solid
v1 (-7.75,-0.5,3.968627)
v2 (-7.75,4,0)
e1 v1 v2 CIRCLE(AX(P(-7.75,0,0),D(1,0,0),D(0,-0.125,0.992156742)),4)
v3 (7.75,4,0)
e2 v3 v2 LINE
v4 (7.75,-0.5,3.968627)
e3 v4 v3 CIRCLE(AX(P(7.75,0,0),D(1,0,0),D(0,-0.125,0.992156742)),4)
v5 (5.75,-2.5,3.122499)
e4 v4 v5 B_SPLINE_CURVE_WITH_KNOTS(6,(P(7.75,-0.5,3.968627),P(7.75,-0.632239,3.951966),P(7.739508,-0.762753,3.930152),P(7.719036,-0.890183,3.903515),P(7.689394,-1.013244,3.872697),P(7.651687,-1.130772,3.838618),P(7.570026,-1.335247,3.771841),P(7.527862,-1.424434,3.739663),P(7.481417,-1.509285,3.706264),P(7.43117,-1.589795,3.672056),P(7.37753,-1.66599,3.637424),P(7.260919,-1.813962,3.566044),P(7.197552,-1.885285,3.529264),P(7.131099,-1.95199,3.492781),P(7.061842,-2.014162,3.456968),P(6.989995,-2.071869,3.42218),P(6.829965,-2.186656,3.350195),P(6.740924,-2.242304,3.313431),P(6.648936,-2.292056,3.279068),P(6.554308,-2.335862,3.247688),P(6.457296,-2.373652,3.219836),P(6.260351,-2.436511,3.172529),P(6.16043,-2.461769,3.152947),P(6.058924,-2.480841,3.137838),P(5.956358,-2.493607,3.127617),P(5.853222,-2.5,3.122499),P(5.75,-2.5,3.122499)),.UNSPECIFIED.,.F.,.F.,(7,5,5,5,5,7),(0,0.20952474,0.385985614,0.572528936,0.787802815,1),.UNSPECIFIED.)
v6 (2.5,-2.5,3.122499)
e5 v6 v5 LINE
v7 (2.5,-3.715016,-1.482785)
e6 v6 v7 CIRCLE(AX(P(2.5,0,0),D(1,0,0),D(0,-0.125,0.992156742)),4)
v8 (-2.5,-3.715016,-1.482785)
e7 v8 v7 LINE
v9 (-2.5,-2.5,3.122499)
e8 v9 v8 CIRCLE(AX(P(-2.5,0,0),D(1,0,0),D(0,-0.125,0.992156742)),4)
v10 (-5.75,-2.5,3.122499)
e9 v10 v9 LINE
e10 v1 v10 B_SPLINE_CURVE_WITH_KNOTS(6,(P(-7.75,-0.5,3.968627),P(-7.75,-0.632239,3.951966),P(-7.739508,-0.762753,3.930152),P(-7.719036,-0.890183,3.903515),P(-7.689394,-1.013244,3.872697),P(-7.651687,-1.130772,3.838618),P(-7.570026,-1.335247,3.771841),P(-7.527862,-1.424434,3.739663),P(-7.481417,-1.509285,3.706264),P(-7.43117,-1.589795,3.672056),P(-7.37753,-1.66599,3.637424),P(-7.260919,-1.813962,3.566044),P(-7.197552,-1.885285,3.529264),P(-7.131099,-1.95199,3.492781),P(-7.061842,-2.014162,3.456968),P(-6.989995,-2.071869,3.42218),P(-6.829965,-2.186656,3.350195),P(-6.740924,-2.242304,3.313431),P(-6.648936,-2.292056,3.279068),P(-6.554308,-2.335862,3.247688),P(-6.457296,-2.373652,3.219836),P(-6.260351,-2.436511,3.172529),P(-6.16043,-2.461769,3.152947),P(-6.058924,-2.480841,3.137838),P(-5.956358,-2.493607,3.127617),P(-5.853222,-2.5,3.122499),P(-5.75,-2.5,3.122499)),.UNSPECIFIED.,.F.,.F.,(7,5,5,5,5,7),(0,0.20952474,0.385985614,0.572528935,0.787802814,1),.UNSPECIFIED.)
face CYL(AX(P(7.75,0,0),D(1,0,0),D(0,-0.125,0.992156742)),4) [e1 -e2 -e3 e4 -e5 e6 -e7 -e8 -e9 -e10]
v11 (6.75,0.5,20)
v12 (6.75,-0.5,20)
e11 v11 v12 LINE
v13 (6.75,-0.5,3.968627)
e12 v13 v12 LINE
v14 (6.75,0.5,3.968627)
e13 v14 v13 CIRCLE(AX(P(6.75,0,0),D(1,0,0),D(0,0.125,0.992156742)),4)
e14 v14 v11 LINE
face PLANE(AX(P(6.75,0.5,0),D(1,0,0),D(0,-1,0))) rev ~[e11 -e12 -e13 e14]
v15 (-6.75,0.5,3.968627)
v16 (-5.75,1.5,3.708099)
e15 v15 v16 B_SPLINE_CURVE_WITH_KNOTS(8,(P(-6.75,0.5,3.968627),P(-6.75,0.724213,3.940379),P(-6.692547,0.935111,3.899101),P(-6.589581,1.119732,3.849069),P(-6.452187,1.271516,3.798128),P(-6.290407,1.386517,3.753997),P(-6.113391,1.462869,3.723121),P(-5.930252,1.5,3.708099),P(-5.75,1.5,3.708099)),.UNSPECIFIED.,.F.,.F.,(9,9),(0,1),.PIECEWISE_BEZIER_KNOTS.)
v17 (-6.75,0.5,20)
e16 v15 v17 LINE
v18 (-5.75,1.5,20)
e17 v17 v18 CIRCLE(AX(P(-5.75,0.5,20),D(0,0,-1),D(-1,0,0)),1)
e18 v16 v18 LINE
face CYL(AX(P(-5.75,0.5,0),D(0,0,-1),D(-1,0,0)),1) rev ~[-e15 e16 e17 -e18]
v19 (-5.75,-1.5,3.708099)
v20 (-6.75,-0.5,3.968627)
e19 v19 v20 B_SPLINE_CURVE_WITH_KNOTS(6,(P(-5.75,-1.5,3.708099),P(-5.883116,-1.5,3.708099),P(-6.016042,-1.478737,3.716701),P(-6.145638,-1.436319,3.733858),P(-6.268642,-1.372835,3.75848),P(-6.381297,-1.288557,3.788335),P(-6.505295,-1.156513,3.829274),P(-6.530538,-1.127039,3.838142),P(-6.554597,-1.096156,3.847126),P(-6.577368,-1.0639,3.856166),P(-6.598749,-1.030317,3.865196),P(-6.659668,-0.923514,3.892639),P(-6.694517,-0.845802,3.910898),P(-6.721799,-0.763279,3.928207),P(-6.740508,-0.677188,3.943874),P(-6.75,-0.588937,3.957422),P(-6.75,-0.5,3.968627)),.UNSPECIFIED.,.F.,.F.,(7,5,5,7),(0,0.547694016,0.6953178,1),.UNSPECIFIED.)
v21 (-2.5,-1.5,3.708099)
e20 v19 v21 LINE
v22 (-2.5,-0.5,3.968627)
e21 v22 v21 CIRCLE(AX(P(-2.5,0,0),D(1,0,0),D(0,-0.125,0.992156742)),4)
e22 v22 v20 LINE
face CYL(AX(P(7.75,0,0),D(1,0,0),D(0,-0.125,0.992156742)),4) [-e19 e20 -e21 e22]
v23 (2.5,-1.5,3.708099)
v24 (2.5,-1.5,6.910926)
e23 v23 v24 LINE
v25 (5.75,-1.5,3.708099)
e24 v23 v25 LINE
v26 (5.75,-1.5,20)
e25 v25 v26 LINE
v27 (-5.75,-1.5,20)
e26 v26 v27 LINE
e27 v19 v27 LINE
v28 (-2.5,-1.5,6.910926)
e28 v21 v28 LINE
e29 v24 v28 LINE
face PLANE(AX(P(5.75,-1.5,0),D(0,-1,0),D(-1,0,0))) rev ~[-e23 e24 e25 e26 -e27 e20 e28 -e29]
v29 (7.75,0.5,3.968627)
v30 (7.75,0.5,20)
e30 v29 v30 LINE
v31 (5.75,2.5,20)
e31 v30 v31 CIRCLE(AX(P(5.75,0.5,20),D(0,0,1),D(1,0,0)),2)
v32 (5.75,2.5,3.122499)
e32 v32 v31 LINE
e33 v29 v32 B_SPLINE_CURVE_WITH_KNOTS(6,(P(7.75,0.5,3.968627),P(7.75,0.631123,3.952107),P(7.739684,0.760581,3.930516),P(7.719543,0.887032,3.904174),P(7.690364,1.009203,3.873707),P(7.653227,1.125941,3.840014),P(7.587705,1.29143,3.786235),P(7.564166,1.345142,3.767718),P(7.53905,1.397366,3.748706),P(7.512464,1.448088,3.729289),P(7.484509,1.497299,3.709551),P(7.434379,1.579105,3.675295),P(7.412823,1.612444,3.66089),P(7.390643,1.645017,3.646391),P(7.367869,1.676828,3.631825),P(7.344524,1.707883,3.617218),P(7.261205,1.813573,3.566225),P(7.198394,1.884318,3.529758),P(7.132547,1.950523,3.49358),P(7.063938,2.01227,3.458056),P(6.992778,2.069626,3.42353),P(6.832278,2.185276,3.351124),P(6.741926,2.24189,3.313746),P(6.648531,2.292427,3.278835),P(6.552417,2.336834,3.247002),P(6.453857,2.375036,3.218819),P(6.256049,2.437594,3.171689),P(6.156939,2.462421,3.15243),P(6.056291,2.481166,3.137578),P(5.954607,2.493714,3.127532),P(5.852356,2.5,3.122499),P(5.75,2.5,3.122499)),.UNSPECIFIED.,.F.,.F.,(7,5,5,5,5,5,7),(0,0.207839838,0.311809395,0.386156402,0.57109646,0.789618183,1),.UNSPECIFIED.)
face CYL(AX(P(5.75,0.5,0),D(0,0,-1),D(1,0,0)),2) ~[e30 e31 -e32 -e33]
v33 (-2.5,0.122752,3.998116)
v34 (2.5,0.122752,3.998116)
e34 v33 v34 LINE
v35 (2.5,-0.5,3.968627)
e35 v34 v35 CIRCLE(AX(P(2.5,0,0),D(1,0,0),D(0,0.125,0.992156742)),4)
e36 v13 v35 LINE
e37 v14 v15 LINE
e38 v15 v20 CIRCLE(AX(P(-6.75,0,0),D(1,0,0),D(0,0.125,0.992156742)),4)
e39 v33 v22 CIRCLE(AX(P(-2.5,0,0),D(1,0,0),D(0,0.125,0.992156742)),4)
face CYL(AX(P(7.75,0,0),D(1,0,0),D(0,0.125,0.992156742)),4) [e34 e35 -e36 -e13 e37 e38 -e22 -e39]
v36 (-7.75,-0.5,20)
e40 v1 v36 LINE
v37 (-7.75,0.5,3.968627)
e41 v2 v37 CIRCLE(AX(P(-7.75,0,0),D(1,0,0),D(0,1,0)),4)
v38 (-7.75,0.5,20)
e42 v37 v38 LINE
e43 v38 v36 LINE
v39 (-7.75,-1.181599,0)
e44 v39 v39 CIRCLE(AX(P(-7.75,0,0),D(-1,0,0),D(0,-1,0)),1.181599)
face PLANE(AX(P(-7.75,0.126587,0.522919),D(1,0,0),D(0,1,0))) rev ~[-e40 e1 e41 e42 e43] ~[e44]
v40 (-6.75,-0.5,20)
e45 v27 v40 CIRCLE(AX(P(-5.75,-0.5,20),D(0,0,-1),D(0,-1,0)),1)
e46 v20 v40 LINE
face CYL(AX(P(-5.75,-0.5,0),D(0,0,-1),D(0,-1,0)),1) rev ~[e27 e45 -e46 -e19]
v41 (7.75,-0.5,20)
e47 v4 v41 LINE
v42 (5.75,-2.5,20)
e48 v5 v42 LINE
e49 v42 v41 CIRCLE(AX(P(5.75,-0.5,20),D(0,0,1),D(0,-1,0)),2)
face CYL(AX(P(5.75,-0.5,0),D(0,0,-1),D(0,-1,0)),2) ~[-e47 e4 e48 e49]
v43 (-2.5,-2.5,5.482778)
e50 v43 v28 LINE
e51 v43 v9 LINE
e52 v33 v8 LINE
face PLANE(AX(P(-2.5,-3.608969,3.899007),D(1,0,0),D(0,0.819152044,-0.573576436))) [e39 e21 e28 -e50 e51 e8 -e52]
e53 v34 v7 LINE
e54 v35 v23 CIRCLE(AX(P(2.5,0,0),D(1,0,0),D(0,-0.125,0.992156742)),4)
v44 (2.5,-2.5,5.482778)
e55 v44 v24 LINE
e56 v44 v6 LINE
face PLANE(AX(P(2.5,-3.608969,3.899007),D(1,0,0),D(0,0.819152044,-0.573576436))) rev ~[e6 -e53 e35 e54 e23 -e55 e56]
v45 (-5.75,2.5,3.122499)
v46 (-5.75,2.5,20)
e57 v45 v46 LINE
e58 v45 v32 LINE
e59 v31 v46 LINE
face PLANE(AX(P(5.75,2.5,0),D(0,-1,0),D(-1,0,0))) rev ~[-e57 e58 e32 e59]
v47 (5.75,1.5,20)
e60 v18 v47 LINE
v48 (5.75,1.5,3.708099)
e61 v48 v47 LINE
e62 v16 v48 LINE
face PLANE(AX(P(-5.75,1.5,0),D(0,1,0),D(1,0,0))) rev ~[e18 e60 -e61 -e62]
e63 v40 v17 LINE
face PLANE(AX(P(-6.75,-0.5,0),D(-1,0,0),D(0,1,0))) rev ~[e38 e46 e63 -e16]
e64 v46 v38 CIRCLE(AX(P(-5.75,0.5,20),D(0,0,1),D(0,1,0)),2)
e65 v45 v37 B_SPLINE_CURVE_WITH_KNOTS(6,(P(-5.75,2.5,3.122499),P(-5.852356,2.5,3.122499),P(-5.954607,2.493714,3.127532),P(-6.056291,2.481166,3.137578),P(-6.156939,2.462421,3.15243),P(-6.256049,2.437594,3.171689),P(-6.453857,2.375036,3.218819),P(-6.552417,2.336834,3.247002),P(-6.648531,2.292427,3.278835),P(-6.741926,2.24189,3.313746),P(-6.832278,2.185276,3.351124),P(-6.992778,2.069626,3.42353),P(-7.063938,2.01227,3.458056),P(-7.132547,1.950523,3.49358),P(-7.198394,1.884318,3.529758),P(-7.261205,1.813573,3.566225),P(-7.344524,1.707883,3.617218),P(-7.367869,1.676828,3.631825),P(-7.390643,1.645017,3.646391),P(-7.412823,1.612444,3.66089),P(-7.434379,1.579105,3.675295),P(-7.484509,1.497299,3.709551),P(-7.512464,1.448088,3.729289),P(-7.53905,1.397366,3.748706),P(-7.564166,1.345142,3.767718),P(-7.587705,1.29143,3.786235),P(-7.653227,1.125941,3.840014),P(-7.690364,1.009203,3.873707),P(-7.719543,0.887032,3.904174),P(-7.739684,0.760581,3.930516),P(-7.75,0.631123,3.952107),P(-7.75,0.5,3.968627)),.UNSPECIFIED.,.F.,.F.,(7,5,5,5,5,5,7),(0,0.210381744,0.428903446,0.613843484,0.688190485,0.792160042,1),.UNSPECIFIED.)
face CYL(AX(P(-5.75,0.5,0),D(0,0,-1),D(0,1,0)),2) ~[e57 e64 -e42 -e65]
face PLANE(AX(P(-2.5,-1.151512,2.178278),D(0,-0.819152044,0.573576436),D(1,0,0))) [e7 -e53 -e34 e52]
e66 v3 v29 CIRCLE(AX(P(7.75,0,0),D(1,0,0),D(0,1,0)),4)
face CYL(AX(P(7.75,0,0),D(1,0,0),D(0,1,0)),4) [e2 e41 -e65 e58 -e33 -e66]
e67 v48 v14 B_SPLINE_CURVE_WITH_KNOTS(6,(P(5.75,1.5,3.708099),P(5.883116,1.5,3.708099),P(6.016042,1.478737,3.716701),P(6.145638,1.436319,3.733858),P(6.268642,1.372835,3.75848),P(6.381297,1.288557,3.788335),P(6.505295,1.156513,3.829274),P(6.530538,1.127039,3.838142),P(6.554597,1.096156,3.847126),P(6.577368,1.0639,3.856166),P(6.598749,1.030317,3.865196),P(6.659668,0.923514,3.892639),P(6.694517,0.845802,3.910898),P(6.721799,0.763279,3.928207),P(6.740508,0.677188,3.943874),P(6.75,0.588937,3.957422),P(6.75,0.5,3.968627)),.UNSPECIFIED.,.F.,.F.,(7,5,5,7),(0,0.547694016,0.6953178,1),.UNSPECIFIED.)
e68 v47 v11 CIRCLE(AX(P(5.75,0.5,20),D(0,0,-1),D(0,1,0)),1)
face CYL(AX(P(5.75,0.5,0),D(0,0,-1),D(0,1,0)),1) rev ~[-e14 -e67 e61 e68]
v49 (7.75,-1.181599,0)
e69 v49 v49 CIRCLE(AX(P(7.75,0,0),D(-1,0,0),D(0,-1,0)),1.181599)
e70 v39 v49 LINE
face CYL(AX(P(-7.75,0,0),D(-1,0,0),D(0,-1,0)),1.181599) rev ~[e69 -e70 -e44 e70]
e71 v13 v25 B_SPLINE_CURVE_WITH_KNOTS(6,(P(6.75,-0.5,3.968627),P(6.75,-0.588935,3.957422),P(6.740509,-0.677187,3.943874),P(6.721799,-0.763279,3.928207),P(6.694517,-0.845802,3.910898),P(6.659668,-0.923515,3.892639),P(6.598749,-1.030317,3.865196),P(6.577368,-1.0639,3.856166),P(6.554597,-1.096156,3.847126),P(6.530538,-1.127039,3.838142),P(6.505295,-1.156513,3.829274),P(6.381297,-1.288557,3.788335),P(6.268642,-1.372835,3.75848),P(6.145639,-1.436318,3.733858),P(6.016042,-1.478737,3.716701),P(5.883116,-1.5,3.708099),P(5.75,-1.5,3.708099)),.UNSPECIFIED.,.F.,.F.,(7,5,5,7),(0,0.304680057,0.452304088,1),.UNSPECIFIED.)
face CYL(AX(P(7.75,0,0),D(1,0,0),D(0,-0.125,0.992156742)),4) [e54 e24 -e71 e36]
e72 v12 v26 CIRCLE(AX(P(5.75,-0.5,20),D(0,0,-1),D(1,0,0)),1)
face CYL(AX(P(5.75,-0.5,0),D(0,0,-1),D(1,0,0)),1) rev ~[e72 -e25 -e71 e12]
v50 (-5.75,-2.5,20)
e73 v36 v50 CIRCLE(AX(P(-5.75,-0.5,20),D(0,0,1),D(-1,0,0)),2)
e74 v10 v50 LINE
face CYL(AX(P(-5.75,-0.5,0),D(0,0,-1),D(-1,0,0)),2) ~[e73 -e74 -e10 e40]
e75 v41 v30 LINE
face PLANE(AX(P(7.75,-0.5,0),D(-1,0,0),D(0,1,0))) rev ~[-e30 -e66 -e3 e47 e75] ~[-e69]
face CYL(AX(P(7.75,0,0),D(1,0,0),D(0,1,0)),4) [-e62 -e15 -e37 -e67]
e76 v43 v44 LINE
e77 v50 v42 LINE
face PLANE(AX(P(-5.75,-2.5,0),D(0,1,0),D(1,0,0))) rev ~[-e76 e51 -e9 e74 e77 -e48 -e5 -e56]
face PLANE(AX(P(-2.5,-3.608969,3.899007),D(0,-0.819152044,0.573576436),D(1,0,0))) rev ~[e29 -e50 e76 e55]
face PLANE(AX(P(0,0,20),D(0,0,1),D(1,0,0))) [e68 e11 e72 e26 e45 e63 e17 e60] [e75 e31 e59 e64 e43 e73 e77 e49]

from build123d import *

# Parameters (mm, degrees)
F1_DEPTH = 20
F3_DEPTH = 15.5
F5_W     = 5
F5_H     = 3
F6_DEPTH = 4.5
F7_R     = 1.1815986622
F8_DEPTH = 25


with BuildPart() as f1:
    # F0 (on Top) → F1 (new body)
    with BuildSketch(Plane.XY):
        with BuildLine():
            Line((5.75, 2.5), (-5.75, 2.5))
            ThreePointArc((-5.75, 2.5), (-7.1642135624, 1.9142135624), (-7.75, 0.5))
            Line((-7.75, 0.5), (-7.75, -0.5))
            ThreePointArc((-7.75, -0.5), (-7.1642135624, -1.9142135624), (-5.75, -2.5))
            Line((-5.75, -2.5), (5.75, -2.5))
            ThreePointArc((5.75, -2.5), (7.1642135624, -1.9142135624), (7.75, -0.5))
            Line((7.75, -0.5), (7.75, 0.5))
            ThreePointArc((7.75, 0.5), (7.1642135624, 1.9142135624), (5.75, 2.5))
        make_face()
        with BuildLine():
            ThreePointArc((-6.75, 0.5), (-6.4571067812, 1.2071067812), (-5.75, 1.5))
            Line((-5.75, 1.5), (5.75, 1.5))
            ThreePointArc((5.75, 1.5), (6.4571067812, 1.2071067812), (6.75, 0.5))
            Line((6.75, 0.5), (6.75, -0.5))
            ThreePointArc((6.75, -0.5), (6.4571067812, -1.2071067812), (5.75, -1.5))
            Line((5.75, -1.5), (-5.75, -1.5))
            ThreePointArc((-5.75, -1.5), (-6.4571067812, -1.2071067812), (-6.75, -0.5))
            Line((-6.75, -0.5), (-6.75, 0.5))
        make_face(mode=Mode.SUBTRACT)
    extrude(amount=F1_DEPTH)

    # F2 (on face) → F3 (join)
    with BuildSketch(Plane.YZ.offset(7.75)):
        with BuildLine():
            ThreePointArc((-0.5, 3.9686269666), (-2.6457513111, -3), (4, 0))
            ThreePointArc((4, 0), (3, 2.6457513111), (0.5, 3.9686269666))
            Line((0.5, 3.9686269666), (0.5, 0))
            Line((0.5, 0), (-0.5, 0))
            Line((-0.5, 0), (-0.5, 3.9686269666))
        make_face()
        with BuildLine():
            Line((0.5, 0), (0.5, 3.9686269666))
            ThreePointArc((0.5, 3.9686269666), (0, 4), (-0.5, 3.9686269666))
            Line((-0.5, 3.9686269666), (-0.5, 0))
            Line((-0.5, 0), (0.5, 0))
        make_face()
    extrude(amount=-F3_DEPTH)

    # F5 (on face) → F6 (cut, symmetric)
    with BuildSketch(Plane(origin=(0, 0.6446198131, 0.9206125012), x_dir=(1, 0, 0), z_dir=(0, 0.5735764364, 0.8191520443))):
        with Locations((0, -3.6926725879)):
            Rectangle(F5_W, F5_H)
    extrude(amount=F6_DEPTH, both=True, mode=Mode.SUBTRACT)

    # F7 (on face) → F8 (cut)
    with BuildSketch(Plane(origin=(-7.75, 0, 0), x_dir=(0, -1, 0), z_dir=(-1, 0, 0))):
        Circle(F7_R)
    extrude(amount=-F8_DEPTH, mode=Mode.SUBTRACT)


solid = f1.part
